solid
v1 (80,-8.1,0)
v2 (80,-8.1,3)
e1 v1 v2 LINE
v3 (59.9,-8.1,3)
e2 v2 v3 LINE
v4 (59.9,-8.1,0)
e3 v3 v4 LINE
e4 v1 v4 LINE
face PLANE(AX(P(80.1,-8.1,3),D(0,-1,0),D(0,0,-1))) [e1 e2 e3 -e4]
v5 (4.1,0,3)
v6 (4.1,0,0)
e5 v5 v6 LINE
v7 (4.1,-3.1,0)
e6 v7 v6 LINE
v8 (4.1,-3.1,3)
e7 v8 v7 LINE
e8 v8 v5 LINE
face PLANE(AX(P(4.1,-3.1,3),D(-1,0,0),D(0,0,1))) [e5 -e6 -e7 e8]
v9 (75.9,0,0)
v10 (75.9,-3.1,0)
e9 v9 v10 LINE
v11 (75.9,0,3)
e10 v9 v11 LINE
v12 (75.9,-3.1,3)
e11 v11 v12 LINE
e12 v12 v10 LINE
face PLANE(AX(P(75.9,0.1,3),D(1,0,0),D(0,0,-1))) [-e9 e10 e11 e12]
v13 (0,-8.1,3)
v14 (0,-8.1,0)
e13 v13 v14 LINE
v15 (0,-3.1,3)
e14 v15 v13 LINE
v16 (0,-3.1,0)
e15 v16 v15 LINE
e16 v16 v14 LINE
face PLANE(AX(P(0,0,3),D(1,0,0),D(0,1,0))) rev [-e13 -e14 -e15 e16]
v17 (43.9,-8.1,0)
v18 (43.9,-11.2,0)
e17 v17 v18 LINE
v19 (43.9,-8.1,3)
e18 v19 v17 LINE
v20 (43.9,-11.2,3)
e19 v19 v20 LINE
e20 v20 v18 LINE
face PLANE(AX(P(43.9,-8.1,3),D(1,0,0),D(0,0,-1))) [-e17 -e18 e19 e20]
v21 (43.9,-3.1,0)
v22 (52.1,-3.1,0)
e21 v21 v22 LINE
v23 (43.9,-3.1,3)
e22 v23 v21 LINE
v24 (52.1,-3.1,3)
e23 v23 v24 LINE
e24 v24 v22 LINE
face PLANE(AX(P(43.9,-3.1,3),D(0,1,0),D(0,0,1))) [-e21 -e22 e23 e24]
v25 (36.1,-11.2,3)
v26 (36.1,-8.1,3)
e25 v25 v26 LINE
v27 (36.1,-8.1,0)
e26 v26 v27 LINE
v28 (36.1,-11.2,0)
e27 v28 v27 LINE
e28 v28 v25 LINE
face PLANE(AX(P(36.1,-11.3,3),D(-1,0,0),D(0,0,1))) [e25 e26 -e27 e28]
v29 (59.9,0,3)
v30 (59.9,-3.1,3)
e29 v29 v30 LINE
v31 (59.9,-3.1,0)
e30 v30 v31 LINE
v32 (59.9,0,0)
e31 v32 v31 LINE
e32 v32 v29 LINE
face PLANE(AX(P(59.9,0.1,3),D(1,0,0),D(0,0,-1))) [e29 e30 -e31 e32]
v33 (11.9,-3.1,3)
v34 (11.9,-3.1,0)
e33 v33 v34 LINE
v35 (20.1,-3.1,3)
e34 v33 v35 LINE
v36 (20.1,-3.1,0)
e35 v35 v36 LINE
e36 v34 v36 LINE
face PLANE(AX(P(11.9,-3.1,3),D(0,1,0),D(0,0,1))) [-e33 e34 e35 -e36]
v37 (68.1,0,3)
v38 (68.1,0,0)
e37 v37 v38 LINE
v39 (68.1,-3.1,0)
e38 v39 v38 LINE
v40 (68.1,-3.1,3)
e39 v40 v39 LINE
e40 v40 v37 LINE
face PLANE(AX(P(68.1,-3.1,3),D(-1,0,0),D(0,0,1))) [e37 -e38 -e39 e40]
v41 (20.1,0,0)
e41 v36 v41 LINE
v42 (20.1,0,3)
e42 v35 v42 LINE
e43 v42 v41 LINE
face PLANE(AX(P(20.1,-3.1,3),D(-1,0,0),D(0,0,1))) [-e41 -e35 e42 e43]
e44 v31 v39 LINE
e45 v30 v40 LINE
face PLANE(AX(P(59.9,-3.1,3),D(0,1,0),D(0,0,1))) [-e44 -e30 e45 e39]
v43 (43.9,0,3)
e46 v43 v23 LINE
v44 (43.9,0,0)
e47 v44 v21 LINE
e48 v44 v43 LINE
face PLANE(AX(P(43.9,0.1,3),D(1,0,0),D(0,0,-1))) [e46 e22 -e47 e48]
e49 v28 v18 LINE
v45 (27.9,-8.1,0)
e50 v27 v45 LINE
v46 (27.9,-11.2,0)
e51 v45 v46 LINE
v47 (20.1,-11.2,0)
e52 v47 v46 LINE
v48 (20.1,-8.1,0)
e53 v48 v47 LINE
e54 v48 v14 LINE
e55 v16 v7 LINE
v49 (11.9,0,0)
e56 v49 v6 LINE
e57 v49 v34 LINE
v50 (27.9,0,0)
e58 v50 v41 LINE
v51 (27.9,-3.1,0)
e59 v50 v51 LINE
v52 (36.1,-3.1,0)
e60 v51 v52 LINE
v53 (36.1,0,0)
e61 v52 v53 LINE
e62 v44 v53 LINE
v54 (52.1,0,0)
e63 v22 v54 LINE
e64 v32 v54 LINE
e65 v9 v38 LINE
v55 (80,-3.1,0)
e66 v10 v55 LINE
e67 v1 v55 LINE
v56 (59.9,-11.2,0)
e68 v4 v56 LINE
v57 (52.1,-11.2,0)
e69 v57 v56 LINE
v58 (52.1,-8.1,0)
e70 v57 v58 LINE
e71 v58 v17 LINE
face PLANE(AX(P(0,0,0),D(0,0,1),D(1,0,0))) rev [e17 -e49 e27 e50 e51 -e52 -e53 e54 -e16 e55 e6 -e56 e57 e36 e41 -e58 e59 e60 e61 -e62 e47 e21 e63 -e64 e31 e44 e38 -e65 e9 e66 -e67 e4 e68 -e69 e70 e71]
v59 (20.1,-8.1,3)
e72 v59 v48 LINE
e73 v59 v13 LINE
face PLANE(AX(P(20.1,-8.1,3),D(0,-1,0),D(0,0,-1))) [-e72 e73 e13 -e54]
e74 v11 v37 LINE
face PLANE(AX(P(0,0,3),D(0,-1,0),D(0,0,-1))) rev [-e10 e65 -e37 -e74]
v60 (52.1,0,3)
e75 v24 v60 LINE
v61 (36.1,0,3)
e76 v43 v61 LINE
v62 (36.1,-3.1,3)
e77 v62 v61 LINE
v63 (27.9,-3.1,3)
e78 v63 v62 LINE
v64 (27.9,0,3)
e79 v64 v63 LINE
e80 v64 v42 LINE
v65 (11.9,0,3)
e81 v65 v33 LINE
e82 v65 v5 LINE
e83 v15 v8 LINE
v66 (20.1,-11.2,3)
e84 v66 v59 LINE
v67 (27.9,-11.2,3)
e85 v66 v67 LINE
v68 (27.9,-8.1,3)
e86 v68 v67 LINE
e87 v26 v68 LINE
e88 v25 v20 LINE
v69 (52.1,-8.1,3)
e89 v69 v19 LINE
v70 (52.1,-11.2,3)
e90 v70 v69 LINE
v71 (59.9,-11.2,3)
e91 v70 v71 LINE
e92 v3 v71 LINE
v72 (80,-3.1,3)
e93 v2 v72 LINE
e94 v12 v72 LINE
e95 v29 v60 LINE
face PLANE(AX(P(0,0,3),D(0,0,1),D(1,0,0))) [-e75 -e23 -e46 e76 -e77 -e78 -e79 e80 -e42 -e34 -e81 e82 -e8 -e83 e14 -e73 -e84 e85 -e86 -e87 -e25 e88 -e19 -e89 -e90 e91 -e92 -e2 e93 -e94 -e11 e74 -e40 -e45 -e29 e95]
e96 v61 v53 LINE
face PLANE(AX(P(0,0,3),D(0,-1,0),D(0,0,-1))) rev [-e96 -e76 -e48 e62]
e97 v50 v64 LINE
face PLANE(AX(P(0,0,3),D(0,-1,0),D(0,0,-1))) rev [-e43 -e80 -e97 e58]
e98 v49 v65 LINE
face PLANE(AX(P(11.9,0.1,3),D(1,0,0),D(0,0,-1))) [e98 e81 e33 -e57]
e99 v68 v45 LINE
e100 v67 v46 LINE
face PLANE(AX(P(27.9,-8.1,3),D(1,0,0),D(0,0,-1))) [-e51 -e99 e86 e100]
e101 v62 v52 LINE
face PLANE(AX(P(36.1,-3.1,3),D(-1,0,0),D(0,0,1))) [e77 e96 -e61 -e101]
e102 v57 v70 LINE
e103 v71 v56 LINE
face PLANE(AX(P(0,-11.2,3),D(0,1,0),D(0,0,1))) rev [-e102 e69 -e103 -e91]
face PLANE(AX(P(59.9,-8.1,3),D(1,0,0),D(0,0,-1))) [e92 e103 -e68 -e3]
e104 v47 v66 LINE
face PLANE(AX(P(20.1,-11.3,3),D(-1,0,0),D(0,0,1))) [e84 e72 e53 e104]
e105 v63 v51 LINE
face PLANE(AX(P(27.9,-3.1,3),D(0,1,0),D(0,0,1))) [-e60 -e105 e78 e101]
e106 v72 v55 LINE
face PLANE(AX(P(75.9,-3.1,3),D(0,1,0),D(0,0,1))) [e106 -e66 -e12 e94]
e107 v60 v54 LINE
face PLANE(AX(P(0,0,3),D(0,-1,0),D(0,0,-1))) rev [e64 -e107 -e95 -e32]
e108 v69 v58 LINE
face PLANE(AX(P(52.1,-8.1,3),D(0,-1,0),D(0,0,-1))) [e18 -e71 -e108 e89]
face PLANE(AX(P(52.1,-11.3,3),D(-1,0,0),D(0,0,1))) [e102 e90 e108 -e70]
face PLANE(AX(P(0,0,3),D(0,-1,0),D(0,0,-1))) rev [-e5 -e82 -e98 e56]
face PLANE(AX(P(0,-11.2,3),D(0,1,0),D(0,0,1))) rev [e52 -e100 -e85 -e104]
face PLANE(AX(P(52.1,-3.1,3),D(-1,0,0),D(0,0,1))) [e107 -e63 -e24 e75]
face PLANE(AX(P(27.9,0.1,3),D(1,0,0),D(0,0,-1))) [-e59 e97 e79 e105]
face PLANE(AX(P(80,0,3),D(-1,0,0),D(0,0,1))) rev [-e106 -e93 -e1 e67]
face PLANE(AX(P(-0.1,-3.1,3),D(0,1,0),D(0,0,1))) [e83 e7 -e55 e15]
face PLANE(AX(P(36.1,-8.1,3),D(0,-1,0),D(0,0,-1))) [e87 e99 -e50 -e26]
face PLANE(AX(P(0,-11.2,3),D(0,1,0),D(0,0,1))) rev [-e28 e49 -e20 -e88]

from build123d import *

# Parameters (mm, degrees)
SKETCH1_W           = 80
SKETCH1_H           = 11.2
BOSS_EXTRUDE1_DEPTH = 3
SKETCH3_W           = 20.2
SKETCH3_H           = 3.2
SKETCH3_W_2         = 4.2
SKETCH3_W_3         = 8.2
CUT_EXTRUDE1_DEPTH  = 4


with BuildPart() as part:
    # Sketch1 → Boss-Extrude1 (new body)
    with BuildSketch(Plane.XY):
        with Locations((40, -5.6)):
            Rectangle(SKETCH1_W, SKETCH1_H)
    extrude(amount=BOSS_EXTRUDE1_DEPTH)

    # Sketch3 → Cut-Extrude1 (cut, through all)
    with BuildSketch(Plane.XY):
        with Locations((10, -9.7)):
            Rectangle(SKETCH3_W, SKETCH3_H)
        with Locations((2, -1.5)):
            Rectangle(SKETCH3_W_2, SKETCH3_H)
        with Locations((32, -1.5)):
            Rectangle(SKETCH3_W_3, SKETCH3_H)
        with Locations((16, -1.5)):
            Rectangle(SKETCH3_W_3, SKETCH3_H)
        with Locations((48, -9.7)):
            Rectangle(SKETCH3_W_3, SKETCH3_H)
        with Locations((32, -9.7)):
            Rectangle(SKETCH3_W_3, SKETCH3_H)
        with Locations((70, -9.7)):
            Rectangle(SKETCH3_W, SKETCH3_H)
        with Locations((64, -1.5)):
            Rectangle(SKETCH3_W_3, SKETCH3_H)
        with Locations((48, -1.5)):
            Rectangle(SKETCH3_W_3, SKETCH3_H)
        with Locations((78, -1.5)):
            Rectangle(SKETCH3_W_2, SKETCH3_H)
    extrude(amount=CUT_EXTRUDE1_DEPTH, mode=Mode.SUBTRACT)


solid = part.part
